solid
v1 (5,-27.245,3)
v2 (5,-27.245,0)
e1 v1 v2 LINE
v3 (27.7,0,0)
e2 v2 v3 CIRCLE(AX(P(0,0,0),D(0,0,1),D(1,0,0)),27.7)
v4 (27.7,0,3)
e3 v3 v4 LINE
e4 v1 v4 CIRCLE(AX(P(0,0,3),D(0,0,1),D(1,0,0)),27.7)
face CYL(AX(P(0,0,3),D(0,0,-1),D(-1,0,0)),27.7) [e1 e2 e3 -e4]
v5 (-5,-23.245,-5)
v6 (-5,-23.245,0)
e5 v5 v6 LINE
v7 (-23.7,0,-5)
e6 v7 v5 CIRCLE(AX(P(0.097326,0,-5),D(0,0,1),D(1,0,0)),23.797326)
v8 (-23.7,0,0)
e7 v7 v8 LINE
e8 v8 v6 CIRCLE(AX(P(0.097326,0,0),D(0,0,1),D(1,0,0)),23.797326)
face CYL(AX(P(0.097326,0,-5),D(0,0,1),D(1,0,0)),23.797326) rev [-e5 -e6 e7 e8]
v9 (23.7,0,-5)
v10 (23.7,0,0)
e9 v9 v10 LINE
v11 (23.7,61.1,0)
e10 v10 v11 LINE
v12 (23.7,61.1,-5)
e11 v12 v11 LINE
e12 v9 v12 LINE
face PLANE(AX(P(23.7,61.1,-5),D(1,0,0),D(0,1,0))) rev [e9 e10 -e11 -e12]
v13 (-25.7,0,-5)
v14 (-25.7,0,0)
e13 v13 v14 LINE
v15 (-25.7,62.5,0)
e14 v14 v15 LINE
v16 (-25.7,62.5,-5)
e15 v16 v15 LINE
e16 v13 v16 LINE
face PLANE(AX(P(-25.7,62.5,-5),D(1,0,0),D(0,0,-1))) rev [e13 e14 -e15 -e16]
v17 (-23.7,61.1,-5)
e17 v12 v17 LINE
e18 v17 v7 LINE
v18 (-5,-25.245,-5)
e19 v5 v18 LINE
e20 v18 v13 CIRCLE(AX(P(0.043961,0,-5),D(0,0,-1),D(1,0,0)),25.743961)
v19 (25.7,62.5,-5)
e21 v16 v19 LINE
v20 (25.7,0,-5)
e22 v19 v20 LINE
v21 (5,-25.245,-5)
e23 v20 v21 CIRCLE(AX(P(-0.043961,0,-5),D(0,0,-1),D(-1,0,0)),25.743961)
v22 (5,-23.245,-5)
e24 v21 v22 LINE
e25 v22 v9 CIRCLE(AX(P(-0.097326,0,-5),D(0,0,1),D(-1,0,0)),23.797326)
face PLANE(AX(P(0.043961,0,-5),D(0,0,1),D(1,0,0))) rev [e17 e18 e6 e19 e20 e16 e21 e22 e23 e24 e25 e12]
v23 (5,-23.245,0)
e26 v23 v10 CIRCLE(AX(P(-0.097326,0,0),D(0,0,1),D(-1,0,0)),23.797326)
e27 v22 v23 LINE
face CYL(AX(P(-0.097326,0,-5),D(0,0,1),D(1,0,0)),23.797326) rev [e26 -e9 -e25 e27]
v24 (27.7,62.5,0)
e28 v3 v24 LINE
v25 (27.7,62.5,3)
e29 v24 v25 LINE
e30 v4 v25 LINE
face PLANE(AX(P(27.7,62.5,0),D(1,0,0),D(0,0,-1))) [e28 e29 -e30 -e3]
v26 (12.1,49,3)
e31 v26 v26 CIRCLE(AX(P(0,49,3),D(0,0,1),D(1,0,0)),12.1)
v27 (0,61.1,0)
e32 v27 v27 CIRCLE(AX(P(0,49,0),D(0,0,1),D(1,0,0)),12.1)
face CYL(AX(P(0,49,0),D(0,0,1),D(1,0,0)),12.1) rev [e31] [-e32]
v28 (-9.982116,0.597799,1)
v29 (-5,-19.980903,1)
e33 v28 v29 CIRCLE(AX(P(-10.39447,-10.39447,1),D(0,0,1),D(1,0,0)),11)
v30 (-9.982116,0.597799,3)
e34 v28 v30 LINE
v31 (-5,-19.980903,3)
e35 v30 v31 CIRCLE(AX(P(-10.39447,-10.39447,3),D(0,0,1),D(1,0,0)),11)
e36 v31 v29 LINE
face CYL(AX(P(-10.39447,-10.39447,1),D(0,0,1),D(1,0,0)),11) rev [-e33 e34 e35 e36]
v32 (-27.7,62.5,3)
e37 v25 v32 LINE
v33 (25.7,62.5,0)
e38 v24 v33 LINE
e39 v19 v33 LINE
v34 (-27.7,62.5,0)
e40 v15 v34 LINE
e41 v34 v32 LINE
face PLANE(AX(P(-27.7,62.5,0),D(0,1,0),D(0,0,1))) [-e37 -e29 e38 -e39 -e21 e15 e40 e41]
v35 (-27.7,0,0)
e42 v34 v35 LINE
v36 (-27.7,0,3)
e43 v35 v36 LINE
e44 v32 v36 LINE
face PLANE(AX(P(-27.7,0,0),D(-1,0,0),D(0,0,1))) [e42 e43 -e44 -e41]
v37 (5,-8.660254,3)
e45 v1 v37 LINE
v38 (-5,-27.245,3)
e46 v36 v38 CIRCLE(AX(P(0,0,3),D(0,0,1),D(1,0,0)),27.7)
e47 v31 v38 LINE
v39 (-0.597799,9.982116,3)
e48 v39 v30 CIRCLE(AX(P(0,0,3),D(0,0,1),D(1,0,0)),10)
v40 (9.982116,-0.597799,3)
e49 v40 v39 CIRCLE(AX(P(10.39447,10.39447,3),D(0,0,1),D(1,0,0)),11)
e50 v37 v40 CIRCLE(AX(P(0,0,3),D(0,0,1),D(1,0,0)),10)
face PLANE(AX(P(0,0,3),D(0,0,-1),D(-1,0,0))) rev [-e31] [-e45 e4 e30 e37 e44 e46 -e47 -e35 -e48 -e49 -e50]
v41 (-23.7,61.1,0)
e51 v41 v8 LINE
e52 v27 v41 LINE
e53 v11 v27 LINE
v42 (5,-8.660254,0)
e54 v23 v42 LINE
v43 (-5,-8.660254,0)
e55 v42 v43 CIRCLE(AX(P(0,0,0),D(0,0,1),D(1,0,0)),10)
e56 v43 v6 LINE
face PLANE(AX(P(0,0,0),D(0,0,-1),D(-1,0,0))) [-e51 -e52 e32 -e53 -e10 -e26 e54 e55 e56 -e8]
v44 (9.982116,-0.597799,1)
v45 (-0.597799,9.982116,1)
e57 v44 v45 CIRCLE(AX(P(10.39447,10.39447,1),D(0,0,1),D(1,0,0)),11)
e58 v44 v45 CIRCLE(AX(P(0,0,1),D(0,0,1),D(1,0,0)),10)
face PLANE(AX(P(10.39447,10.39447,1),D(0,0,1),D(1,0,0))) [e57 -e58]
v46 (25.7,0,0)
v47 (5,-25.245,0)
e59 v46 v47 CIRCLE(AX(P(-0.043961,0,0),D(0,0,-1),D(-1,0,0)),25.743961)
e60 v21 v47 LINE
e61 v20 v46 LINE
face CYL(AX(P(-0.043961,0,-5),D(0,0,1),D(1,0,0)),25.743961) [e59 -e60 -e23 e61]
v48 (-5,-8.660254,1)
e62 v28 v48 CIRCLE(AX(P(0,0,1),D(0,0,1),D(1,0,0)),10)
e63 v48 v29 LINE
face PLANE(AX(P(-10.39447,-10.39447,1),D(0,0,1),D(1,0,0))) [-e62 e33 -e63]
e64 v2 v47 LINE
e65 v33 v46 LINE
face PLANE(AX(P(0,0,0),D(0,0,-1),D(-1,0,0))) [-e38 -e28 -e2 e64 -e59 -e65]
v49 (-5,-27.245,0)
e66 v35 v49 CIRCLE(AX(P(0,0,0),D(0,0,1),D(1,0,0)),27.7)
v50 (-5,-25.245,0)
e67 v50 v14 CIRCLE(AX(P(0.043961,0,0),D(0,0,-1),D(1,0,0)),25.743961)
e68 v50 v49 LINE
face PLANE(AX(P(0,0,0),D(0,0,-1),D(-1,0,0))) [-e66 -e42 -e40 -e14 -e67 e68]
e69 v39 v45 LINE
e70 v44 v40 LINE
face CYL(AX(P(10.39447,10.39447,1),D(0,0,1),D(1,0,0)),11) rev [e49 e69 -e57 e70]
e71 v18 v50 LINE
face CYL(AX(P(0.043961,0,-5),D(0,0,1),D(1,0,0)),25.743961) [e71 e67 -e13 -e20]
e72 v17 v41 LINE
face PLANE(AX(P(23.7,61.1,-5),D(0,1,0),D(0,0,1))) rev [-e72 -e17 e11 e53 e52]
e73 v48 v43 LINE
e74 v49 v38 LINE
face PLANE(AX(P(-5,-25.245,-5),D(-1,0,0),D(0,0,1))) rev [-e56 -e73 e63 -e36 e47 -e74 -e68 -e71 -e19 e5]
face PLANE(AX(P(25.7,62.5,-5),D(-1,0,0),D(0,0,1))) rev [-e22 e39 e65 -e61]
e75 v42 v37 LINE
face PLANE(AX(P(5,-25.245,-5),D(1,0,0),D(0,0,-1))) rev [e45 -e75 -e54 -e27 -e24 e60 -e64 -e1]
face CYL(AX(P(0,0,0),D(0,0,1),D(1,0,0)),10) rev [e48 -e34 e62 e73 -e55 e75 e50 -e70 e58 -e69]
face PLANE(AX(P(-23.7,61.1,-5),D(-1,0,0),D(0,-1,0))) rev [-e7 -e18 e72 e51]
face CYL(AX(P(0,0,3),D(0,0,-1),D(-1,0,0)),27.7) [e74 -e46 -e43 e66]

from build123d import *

# Parameters (mm, degrees)
SKETCH1_R           = 27.7
BOSS_EXTRUDE1_DEPTH = 3
SKETCH2_R           = 11
CUT_EXTRUDE1_DEPTH  = 2
SKETCH4_R           = 10
CUT_EXTRUDE2_DEPTH  = 3
SKETCH5_R           = 12.1
BOSS_EXTRUDE3_DEPTH = 3
SKETCH6_W           = 10
SKETCH6_H           = 27.7
CUT_EXTRUDE3_DEPTH  = 3
BOSS_EXTRUDE4_DEPTH = 5


with BuildPart() as part:
    # Sketch1 → Boss-Extrude1 (new body)
    with BuildSketch(Plane.XY):
        Circle(SKETCH1_R)
    extrude(amount=BOSS_EXTRUDE1_DEPTH)

    # Sketch2 → Cut-Extrude1 (cut)
    with BuildSketch(Plane.XY.offset(3)):
        with Locations((-10.394469683, -10.394469683)):
            Circle(SKETCH2_R)
        with Locations((10.394469683, 10.394469683)):
            Circle(SKETCH2_R)
    extrude(amount=-CUT_EXTRUDE1_DEPTH, mode=Mode.SUBTRACT)

    # Sketch4 → Cut-Extrude2 (cut)
    with BuildSketch(Plane.XY.offset(3)):
        Circle(SKETCH4_R)
    extrude(amount=-CUT_EXTRUDE2_DEPTH, mode=Mode.SUBTRACT)

    # Sketch6 → Cut-Extrude3 (cut)
    with BuildSketch(Plane.XY.offset(3)):
        with Locations((0, -13.85)):
            Rectangle(SKETCH6_W, SKETCH6_H)
    extrude(amount=-CUT_EXTRUDE3_DEPTH, mode=Mode.SUBTRACT)



with BuildPart() as body_2:
    # Sketch5 → Boss-Extrude3 (new body)
    with BuildSketch(Plane.XY.offset(3)):
        with BuildLine():
            Line((-27.7, 0), (-27.7, 62.5))
            Line((-27.7, 62.5), (27.7, 62.5))
            Line((27.7, 62.5), (27.7, 0))
            ThreePointArc((27.7, 0), (0, 27.7), (-27.7, 0))
        make_face()
        with Locations((0, 49)):
            Circle(SKETCH5_R, mode=Mode.SUBTRACT)
    extrude(amount=-BOSS_EXTRUDE3_DEPTH)


with BuildPart() as part_1:
    add(part.part)

    add(body_2.part)  # Boss-Extrude4 merges body 2
    # Sketch8 → Boss-Extrude4 (add)
    with BuildSketch(Plane(origin=(0, 0, 0), x_dir=(-1, 0, 0), z_dir=(0, 0, -1))):
        with BuildLine():
            Line((-23.7, 62.5), (23.7, 62.5))
            Line((23.7, 62.5), (25.7, 62.5))
            Line((25.7, 62.5), (25.7, 0))
            ThreePointArc((25.7, 0), (19.863362581, -16.32329625), (5, -25.244999541))
            Line((5, -25.244999541), (5, -23.244999541))
            ThreePointArc((5, -23.244999541), (18.444726934, -14.91660152), (23.7, 0))
            Line((23.7, 0), (23.7, 61.1))
            Line((23.7, 61.1), (-23.7, 61.1))
            Line((-23.7, 61.1), (-23.7, 0))
            ThreePointArc((-23.7, 0), (-18.444726934, -14.91660152), (-5, -23.244999541))
            Line((-5, -23.244999541), (-5, -25.244999541))
            ThreePointArc((-5, -25.244999541), (-19.863362581, -16.32329625), (-25.7, 0))
            Line((-25.7, 0), (-25.7, 62.5))
            Line((-25.7, 62.5), (-23.7, 62.5))
        make_face()
    extrude(amount=BOSS_EXTRUDE4_DEPTH)


solid = part_1.part
